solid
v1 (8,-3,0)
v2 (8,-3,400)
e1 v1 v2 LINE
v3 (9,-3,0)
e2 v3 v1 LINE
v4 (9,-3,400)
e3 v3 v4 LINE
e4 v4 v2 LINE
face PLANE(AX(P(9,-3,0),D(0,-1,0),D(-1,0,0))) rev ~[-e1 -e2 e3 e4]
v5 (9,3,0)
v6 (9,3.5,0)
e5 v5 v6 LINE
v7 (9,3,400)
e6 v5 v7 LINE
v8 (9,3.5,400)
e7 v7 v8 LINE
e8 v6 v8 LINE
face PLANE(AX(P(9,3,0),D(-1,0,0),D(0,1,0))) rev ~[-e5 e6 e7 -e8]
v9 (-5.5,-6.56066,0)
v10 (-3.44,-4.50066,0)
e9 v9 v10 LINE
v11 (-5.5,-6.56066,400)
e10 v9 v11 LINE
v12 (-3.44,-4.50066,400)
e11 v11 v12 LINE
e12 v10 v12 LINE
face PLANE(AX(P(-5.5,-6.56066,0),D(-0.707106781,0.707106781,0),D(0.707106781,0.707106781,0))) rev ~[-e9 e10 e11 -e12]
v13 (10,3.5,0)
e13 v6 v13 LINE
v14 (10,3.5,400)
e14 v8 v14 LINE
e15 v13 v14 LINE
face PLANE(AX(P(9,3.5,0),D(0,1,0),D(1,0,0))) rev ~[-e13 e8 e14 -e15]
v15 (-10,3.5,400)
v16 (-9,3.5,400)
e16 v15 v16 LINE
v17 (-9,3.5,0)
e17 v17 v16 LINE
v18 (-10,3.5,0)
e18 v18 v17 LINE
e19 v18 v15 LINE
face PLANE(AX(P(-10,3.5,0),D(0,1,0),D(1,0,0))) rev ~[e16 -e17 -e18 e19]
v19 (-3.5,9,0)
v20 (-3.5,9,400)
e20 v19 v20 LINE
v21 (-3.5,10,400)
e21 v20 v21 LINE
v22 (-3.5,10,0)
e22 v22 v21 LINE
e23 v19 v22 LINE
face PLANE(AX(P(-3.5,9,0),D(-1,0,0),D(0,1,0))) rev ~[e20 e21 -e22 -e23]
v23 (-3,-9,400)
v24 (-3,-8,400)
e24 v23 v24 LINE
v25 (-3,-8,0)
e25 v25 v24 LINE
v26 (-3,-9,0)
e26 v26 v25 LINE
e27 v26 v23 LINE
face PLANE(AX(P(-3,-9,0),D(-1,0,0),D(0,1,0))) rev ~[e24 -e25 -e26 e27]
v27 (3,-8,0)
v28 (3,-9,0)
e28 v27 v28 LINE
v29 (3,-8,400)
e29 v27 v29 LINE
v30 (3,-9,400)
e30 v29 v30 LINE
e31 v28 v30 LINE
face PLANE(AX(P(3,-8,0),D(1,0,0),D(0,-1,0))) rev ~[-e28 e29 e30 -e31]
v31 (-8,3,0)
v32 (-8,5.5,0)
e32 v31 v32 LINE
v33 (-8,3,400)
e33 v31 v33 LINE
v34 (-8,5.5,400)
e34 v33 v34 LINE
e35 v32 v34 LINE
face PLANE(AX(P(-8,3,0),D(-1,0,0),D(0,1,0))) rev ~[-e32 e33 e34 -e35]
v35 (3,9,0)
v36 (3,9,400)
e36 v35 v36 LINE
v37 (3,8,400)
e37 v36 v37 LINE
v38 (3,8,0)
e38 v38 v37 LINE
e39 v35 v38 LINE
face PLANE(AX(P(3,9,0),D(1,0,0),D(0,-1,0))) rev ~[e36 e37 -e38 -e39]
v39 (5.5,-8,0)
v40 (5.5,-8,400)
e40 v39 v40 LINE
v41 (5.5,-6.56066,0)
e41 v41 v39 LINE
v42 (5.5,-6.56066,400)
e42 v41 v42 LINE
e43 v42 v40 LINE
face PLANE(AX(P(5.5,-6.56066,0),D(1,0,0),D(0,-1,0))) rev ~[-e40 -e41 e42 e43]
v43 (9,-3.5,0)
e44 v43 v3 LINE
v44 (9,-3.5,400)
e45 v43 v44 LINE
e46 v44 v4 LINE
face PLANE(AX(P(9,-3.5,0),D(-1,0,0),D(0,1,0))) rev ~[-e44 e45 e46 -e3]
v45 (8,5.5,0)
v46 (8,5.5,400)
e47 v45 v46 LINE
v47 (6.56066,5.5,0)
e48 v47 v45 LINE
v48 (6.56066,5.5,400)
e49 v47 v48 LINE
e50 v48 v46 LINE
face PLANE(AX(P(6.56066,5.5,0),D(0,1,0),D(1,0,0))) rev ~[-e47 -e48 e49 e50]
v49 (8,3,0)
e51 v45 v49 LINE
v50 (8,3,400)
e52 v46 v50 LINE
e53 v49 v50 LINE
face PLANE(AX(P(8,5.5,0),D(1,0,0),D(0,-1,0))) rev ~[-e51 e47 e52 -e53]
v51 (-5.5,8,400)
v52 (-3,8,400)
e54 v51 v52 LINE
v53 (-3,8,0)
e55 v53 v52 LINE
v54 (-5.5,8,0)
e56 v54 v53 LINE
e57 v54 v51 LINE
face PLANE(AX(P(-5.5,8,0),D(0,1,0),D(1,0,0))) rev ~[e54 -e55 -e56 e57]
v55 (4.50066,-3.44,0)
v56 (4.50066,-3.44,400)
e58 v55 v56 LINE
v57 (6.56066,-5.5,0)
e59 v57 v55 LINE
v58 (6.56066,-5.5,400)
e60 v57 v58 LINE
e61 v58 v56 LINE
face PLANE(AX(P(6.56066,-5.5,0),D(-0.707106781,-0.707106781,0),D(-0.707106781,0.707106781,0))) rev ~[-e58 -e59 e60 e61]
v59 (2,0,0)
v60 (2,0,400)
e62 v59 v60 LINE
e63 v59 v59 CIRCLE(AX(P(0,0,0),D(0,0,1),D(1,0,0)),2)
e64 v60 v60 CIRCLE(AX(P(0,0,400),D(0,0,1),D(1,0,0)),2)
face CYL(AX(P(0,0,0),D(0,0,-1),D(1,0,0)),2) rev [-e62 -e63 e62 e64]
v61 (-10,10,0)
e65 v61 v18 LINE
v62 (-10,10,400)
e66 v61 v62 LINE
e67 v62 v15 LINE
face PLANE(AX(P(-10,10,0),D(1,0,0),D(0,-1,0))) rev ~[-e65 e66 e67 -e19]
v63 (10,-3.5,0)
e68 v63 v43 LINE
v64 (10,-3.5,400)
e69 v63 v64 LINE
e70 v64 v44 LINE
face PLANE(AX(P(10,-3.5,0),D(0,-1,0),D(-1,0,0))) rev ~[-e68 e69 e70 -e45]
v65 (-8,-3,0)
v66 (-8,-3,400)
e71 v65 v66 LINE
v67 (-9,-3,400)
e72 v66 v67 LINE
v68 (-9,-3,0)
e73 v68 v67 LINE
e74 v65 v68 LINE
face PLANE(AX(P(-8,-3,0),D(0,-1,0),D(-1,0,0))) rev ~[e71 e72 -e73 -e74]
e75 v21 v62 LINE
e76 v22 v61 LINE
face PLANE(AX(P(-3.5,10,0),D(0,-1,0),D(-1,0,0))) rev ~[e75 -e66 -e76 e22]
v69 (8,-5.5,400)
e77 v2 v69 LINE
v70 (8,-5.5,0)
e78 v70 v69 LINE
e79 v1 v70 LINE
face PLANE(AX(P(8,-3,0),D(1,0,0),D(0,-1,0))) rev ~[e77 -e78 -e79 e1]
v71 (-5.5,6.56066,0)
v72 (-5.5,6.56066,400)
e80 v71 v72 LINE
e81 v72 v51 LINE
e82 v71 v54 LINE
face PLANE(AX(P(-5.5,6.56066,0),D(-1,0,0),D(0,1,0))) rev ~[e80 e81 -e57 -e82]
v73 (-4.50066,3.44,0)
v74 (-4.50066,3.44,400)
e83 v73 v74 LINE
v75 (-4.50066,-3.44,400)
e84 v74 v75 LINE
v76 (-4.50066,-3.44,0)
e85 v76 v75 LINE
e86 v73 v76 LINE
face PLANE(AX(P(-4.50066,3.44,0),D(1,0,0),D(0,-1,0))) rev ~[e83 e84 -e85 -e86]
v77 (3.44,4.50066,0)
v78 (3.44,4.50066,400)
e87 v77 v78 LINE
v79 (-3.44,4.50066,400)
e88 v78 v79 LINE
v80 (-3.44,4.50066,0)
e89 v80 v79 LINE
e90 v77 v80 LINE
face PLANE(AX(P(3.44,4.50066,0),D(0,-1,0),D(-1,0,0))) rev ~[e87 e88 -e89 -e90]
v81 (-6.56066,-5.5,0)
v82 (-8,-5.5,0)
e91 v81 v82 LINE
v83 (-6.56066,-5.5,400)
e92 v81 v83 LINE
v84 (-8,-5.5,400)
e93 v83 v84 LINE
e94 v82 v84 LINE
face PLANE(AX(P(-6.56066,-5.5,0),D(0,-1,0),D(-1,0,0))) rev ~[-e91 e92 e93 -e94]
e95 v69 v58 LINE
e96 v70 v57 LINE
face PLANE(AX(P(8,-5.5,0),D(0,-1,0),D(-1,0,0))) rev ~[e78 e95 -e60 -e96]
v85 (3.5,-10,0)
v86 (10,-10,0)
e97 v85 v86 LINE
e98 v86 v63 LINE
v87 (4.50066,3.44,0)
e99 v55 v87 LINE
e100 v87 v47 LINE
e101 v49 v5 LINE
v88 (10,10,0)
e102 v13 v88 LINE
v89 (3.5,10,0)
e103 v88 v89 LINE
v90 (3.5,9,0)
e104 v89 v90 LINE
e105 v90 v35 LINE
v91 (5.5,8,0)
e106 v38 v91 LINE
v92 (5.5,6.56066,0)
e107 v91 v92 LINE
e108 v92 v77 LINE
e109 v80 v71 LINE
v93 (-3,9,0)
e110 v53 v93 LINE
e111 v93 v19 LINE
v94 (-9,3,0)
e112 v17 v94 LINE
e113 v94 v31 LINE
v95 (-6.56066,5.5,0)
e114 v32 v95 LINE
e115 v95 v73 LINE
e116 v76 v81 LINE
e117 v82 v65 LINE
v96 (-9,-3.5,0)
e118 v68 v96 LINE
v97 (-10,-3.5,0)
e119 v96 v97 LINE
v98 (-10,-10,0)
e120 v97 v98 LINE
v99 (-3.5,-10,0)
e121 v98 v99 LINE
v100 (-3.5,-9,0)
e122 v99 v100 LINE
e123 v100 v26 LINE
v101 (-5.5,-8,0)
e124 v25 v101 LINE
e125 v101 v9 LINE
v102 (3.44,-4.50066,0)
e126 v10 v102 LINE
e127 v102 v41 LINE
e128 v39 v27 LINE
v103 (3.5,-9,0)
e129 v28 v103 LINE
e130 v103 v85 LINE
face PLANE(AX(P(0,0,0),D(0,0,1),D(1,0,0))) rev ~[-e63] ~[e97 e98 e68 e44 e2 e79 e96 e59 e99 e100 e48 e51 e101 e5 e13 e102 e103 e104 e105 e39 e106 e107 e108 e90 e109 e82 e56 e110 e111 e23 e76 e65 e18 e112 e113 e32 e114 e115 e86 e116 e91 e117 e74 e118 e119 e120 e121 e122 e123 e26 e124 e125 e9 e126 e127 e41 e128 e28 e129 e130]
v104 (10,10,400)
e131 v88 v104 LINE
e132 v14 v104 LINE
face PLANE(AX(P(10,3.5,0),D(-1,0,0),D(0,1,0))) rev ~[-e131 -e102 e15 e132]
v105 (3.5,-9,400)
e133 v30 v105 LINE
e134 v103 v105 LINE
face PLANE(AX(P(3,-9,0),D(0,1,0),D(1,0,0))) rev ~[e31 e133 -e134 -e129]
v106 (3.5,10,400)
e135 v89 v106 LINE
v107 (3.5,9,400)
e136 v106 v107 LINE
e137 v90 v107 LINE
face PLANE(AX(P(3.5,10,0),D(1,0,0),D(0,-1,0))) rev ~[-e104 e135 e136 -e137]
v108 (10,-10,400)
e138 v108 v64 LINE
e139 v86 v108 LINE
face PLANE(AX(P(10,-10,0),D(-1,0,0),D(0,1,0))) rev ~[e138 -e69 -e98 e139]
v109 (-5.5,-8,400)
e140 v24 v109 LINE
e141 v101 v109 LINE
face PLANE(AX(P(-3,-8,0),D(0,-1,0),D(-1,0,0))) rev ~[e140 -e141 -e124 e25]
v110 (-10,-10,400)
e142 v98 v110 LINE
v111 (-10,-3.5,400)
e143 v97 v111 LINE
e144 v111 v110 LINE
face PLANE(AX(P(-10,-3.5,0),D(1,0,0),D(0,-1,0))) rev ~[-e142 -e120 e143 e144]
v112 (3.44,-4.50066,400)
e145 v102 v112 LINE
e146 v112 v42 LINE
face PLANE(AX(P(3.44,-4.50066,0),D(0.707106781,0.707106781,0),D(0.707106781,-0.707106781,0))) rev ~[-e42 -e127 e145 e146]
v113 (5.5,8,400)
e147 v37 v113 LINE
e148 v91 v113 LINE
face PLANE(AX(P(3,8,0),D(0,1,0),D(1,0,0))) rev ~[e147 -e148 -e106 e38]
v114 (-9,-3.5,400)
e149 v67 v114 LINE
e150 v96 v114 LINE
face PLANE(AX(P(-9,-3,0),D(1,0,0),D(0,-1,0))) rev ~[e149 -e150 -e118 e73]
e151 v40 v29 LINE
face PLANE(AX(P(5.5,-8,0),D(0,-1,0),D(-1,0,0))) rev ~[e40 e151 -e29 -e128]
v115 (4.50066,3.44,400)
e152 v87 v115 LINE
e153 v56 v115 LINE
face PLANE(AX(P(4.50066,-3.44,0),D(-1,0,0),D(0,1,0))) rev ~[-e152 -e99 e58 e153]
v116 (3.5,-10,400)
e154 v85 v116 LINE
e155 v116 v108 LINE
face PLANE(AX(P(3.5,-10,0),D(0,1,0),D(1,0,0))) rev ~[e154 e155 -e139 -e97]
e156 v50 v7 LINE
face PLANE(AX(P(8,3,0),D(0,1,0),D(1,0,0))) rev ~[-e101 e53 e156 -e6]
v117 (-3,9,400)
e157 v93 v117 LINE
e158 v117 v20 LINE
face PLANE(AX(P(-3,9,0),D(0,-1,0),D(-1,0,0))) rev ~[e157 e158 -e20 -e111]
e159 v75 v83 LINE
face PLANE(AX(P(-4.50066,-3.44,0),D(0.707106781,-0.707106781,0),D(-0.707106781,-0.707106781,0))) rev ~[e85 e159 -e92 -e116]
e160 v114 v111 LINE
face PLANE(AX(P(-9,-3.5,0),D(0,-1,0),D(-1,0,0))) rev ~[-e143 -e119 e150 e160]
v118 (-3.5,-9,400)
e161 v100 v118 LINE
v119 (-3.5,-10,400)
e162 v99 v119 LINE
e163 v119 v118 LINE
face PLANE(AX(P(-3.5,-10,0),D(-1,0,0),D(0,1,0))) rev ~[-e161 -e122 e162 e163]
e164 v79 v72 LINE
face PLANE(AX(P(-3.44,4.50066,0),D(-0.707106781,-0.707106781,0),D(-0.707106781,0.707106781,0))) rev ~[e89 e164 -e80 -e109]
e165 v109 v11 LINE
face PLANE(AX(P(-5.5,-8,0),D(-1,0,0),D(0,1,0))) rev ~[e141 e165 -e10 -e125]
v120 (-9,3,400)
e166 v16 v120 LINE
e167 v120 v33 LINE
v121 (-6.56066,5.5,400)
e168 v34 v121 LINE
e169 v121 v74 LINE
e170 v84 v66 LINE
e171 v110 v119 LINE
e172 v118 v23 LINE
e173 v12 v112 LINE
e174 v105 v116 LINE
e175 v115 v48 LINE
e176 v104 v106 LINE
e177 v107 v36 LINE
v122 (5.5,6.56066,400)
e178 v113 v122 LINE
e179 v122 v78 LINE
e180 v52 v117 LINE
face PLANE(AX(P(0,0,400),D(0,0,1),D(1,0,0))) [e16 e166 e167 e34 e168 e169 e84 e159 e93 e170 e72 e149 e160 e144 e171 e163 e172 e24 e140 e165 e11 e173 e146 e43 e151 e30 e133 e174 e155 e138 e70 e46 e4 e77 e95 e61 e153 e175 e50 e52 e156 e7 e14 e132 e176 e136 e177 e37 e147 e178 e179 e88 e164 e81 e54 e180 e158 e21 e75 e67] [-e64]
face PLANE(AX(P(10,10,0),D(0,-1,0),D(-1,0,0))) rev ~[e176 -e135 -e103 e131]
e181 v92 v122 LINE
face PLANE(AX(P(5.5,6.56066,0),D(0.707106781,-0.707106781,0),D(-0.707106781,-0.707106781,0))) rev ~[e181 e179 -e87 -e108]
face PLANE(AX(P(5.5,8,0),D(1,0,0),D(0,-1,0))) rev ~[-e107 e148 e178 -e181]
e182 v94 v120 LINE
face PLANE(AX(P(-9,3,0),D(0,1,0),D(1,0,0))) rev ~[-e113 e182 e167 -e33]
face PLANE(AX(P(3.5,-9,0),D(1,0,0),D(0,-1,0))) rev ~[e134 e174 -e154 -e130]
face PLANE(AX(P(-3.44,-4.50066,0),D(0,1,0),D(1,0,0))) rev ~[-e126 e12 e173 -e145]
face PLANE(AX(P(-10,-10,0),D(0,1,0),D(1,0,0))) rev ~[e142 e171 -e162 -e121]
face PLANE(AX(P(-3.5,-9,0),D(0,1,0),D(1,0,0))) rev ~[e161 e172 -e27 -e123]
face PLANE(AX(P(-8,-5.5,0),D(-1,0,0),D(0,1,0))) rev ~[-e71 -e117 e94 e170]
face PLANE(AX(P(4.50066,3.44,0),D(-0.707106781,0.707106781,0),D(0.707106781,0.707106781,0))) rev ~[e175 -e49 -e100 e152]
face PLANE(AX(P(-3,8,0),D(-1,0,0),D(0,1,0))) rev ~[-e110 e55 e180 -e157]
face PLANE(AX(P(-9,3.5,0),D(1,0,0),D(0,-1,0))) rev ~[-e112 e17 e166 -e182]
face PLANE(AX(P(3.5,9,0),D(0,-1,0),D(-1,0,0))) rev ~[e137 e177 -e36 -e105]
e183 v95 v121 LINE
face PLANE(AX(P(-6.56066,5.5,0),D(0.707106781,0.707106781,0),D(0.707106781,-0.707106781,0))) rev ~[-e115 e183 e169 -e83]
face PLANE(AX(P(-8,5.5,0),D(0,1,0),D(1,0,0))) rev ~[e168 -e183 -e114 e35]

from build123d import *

# Parameters (mm, degrees)
SKETCH1_R           = 2
BOSS_EXTRUDE1_DEPTH = 400


with BuildPart() as part:
    # Sketch1 → Boss-Extrude1 (new body)
    with BuildSketch(Plane.XY):
        Polygon((-10, -10), (-3.5, -10), (-3.5, -9), (-3, -9), (-3, -8), (-5.5, -8), (-5.5, -6.560660172), (-3.44, -4.500660172), (3.44, -4.500660172), (5.5, -6.560660172), (5.5, -8), (3, -8), (3, -9), (3.5, -9), (3.5, -10), (10, -10), (10, -3.5), (9, -3.5), (9, -3), (8, -3), (8, -5.5), (6.560660172, -5.5), (4.500660172, -3.44), (4.500660172, 3.44), (6.560660172, 5.5), (8, 5.5), (8, 3), (9, 3), (9, 3.5), (10, 3.5), (10, 10), (3.5, 10), (3.5, 9), (3, 9), (3, 8), (5.5, 8), (5.5, 6.560660172), (3.44, 4.500660172), (-3.44, 4.500660172), (-5.5, 6.560660172), (-5.5, 8), (-3, 8), (-3, 9), (-3.5, 9), (-3.5, 10), (-10, 10), (-10, 3.5), (-9, 3.5), (-9, 3), (-8, 3), (-8, 5.5), (-6.560660172, 5.5), (-4.500660172, 3.44), (-4.500660172, -3.44), (-6.560660172, -5.5), (-8, -5.5), (-8, -3), (-9, -3), (-9, -3.5), (-10, -3.5), align=None)
        Circle(SKETCH1_R, mode=Mode.SUBTRACT)
    extrude(amount=BOSS_EXTRUDE1_DEPTH)


solid = part.part
